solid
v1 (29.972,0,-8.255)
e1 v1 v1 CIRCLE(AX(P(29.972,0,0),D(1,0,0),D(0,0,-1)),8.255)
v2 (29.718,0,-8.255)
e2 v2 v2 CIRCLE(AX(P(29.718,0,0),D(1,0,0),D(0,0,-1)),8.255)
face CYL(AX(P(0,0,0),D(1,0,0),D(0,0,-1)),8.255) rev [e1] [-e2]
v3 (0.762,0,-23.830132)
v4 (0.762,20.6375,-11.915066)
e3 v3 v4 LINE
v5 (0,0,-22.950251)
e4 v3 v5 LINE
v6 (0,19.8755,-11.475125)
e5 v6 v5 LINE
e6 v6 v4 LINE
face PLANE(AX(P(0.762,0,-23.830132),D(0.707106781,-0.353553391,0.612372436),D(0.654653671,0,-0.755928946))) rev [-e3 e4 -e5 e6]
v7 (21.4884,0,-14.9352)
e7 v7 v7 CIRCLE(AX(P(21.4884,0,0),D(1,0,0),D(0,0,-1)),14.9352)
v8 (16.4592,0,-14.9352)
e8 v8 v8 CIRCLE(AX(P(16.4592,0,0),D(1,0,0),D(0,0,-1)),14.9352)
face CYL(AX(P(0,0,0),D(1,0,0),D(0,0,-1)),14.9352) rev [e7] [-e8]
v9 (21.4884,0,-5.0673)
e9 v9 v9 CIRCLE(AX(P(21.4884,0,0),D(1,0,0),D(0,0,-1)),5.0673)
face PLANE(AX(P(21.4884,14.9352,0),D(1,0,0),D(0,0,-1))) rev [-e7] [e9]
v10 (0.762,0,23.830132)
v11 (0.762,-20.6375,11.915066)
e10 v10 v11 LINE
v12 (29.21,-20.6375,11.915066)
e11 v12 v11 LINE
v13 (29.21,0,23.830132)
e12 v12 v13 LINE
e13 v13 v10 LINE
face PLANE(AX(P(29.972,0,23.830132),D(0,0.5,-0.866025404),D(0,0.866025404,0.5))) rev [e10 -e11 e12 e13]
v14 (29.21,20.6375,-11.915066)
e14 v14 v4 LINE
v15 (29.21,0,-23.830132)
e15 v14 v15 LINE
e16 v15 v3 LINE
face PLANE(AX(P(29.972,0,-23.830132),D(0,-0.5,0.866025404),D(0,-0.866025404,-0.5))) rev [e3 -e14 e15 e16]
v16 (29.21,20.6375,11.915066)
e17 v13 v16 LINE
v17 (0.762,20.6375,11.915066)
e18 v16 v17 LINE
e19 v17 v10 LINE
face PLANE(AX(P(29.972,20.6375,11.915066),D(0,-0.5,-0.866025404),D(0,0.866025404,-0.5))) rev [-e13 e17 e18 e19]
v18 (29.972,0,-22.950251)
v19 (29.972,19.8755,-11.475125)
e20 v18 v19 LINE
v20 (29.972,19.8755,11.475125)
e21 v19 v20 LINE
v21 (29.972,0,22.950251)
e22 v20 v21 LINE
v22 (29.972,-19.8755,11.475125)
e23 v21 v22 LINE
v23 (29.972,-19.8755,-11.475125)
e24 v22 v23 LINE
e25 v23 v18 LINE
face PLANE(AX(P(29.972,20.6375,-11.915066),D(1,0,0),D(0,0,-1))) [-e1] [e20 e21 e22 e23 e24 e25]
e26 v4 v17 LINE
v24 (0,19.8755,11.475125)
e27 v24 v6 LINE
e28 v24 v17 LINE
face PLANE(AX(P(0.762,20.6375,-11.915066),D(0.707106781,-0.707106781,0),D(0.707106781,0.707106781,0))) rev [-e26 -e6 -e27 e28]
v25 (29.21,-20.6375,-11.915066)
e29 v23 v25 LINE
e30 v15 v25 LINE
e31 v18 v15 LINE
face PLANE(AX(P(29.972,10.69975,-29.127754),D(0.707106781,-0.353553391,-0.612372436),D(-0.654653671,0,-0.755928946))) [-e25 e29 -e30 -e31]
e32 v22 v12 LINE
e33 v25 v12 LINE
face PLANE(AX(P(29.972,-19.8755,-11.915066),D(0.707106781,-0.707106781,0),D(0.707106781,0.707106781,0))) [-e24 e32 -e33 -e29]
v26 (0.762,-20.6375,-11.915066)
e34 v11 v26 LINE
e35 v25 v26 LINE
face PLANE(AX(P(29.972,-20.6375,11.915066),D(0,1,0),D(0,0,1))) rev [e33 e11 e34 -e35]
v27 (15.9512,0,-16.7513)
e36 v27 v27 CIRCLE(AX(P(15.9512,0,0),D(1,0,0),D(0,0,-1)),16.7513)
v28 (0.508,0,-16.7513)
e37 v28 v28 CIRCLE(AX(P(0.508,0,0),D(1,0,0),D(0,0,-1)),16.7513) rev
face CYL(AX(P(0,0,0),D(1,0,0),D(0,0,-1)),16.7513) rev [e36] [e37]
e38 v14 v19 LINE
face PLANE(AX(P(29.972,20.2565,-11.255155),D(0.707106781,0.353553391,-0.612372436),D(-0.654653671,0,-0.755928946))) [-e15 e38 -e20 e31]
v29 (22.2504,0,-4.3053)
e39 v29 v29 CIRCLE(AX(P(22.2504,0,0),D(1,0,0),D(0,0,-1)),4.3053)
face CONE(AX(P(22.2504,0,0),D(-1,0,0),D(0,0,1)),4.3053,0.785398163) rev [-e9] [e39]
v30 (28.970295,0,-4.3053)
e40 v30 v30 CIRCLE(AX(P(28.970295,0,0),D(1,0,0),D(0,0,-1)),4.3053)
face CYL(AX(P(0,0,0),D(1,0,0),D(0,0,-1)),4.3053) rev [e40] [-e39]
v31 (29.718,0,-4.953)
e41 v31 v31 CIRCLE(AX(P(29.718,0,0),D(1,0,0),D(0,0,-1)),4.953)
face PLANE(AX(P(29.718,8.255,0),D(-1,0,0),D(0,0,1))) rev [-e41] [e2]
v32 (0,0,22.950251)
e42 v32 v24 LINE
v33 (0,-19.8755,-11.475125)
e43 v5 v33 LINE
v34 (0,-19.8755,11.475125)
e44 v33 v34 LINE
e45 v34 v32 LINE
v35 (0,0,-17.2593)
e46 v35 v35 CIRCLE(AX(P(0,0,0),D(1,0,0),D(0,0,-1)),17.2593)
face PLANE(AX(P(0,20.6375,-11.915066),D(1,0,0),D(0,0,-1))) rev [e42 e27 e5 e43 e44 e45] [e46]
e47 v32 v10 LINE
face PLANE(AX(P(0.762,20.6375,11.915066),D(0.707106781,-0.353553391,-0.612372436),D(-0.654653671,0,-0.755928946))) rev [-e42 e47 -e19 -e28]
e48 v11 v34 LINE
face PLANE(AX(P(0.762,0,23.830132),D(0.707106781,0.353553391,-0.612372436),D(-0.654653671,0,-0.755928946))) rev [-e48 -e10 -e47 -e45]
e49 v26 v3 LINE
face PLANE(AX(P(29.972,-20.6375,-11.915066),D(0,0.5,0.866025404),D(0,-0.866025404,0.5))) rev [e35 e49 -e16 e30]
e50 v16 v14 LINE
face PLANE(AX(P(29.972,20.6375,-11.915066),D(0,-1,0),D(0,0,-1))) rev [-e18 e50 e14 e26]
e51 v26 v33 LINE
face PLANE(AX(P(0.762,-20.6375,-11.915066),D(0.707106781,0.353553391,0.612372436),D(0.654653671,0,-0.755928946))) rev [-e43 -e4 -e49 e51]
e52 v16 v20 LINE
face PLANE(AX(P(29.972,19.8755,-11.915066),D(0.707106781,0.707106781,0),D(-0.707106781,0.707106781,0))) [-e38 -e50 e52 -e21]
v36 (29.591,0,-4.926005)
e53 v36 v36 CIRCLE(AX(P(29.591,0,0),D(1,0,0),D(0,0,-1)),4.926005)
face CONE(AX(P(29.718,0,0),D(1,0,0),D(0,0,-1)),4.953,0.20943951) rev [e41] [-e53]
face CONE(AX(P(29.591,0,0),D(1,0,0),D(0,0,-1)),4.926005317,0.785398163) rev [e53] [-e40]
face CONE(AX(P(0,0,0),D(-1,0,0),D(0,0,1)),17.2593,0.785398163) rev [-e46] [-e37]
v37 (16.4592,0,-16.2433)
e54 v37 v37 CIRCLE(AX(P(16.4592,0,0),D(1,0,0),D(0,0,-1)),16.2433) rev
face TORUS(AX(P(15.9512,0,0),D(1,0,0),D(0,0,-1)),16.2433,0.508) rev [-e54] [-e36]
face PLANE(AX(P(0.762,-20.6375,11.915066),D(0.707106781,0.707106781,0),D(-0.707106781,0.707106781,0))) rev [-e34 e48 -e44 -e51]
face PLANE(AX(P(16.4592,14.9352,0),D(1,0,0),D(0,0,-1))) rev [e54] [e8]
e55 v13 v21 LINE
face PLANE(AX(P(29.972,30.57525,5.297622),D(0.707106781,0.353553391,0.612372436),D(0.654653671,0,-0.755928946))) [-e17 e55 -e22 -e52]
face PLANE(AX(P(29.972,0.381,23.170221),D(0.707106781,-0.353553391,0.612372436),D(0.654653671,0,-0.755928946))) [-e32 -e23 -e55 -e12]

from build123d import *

# Parameters (mm, degrees)
EXTRUDE1_DEPTH = 29.972
CHAMFER1_SIZE  = 0.508
CHAMFER3_SIZE  = 0.762
CHAMFER4_SIZE  = 0.762
FILLET1_R      = 0.508


with BuildPart() as part:
    # Sketch1 → Extrude1 (new body)
    with BuildSketch(Plane(origin=(0, 0, 0), x_dir=(0, 0, -1), z_dir=(1, 0, 0))):
        Polygon((11.91506618, 20.6375), (-11.91506618, 20.6375), (-23.830132361, 0), (-11.91506618, -20.6375), (11.91506618, -20.6375), (23.830132361, 0), align=None)
    extrude(amount=EXTRUDE1_DEPTH)

    # Sketch2 → Cut-Revolve1 (revolve, cut)
    with BuildSketch(Plane.XY, mode=Mode.PRIVATE) as cut_revolve1_sk:
        Polygon((0, 16.7513), (0, 0), (29.972, 0), (29.972, 8.255), (29.718, 8.255), (29.718, 4.953), (29.591, 4.926005317), (28.970294683, 4.3053), (22.2504, 4.3053), (21.4884, 5.0673), (21.4884, 14.9352), (16.4592, 14.9352), (16.4592, 16.7513), align=None)
    revolve(cut_revolve1_sk.sketch.rotate(Axis((0, 0, 0), (1, 0, 0)), 270), axis=Axis((0, 0, 0), (1, 0, 0)), mode=Mode.SUBTRACT)  # turned: the seam where the file's is

    # Chamfer1
    chamfer1_edges = [part.edges().sort_by_distance(p)[0] for p in [
        (0, 0, 16.7513),
    ]]
    chamfer(chamfer1_edges, length=CHAMFER1_SIZE)

    # Chamfer3
    chamfer3_edges = [part.edges().sort_by_distance(p)[0] for p in [
        (0, -10.31875, -17.872599271),
        (0, -20.6375, 0),
        (0, -10.31875, 17.872599271),
        (0, 10.31875, 17.872599271),
        (0, 20.6375, 0),
        (0, 10.31875, -17.872599271),
    ]]
    chamfer(chamfer3_edges, length=CHAMFER3_SIZE)

    # Chamfer4
    chamfer4_edges = [part.edges().sort_by_distance(p)[0] for p in [
        (29.972, 10.31875, 17.872599271),
        (29.972, -10.31875, 17.872599271),
        (29.972, -20.6375, 0),
        (29.972, -10.31875, -17.872599271),
        (29.972, 10.31875, -17.872599271),
        (29.972, 20.6375, 0),
    ]]
    chamfer(chamfer4_edges, length=CHAMFER4_SIZE)

    # Fillet1
    fillet1_edges = [part.edges().sort_by_distance(p)[0] for p in [
        (16.4592, 0, 16.7513),
    ]]
    fillet(fillet1_edges, radius=FILLET1_R)


solid = part.part
